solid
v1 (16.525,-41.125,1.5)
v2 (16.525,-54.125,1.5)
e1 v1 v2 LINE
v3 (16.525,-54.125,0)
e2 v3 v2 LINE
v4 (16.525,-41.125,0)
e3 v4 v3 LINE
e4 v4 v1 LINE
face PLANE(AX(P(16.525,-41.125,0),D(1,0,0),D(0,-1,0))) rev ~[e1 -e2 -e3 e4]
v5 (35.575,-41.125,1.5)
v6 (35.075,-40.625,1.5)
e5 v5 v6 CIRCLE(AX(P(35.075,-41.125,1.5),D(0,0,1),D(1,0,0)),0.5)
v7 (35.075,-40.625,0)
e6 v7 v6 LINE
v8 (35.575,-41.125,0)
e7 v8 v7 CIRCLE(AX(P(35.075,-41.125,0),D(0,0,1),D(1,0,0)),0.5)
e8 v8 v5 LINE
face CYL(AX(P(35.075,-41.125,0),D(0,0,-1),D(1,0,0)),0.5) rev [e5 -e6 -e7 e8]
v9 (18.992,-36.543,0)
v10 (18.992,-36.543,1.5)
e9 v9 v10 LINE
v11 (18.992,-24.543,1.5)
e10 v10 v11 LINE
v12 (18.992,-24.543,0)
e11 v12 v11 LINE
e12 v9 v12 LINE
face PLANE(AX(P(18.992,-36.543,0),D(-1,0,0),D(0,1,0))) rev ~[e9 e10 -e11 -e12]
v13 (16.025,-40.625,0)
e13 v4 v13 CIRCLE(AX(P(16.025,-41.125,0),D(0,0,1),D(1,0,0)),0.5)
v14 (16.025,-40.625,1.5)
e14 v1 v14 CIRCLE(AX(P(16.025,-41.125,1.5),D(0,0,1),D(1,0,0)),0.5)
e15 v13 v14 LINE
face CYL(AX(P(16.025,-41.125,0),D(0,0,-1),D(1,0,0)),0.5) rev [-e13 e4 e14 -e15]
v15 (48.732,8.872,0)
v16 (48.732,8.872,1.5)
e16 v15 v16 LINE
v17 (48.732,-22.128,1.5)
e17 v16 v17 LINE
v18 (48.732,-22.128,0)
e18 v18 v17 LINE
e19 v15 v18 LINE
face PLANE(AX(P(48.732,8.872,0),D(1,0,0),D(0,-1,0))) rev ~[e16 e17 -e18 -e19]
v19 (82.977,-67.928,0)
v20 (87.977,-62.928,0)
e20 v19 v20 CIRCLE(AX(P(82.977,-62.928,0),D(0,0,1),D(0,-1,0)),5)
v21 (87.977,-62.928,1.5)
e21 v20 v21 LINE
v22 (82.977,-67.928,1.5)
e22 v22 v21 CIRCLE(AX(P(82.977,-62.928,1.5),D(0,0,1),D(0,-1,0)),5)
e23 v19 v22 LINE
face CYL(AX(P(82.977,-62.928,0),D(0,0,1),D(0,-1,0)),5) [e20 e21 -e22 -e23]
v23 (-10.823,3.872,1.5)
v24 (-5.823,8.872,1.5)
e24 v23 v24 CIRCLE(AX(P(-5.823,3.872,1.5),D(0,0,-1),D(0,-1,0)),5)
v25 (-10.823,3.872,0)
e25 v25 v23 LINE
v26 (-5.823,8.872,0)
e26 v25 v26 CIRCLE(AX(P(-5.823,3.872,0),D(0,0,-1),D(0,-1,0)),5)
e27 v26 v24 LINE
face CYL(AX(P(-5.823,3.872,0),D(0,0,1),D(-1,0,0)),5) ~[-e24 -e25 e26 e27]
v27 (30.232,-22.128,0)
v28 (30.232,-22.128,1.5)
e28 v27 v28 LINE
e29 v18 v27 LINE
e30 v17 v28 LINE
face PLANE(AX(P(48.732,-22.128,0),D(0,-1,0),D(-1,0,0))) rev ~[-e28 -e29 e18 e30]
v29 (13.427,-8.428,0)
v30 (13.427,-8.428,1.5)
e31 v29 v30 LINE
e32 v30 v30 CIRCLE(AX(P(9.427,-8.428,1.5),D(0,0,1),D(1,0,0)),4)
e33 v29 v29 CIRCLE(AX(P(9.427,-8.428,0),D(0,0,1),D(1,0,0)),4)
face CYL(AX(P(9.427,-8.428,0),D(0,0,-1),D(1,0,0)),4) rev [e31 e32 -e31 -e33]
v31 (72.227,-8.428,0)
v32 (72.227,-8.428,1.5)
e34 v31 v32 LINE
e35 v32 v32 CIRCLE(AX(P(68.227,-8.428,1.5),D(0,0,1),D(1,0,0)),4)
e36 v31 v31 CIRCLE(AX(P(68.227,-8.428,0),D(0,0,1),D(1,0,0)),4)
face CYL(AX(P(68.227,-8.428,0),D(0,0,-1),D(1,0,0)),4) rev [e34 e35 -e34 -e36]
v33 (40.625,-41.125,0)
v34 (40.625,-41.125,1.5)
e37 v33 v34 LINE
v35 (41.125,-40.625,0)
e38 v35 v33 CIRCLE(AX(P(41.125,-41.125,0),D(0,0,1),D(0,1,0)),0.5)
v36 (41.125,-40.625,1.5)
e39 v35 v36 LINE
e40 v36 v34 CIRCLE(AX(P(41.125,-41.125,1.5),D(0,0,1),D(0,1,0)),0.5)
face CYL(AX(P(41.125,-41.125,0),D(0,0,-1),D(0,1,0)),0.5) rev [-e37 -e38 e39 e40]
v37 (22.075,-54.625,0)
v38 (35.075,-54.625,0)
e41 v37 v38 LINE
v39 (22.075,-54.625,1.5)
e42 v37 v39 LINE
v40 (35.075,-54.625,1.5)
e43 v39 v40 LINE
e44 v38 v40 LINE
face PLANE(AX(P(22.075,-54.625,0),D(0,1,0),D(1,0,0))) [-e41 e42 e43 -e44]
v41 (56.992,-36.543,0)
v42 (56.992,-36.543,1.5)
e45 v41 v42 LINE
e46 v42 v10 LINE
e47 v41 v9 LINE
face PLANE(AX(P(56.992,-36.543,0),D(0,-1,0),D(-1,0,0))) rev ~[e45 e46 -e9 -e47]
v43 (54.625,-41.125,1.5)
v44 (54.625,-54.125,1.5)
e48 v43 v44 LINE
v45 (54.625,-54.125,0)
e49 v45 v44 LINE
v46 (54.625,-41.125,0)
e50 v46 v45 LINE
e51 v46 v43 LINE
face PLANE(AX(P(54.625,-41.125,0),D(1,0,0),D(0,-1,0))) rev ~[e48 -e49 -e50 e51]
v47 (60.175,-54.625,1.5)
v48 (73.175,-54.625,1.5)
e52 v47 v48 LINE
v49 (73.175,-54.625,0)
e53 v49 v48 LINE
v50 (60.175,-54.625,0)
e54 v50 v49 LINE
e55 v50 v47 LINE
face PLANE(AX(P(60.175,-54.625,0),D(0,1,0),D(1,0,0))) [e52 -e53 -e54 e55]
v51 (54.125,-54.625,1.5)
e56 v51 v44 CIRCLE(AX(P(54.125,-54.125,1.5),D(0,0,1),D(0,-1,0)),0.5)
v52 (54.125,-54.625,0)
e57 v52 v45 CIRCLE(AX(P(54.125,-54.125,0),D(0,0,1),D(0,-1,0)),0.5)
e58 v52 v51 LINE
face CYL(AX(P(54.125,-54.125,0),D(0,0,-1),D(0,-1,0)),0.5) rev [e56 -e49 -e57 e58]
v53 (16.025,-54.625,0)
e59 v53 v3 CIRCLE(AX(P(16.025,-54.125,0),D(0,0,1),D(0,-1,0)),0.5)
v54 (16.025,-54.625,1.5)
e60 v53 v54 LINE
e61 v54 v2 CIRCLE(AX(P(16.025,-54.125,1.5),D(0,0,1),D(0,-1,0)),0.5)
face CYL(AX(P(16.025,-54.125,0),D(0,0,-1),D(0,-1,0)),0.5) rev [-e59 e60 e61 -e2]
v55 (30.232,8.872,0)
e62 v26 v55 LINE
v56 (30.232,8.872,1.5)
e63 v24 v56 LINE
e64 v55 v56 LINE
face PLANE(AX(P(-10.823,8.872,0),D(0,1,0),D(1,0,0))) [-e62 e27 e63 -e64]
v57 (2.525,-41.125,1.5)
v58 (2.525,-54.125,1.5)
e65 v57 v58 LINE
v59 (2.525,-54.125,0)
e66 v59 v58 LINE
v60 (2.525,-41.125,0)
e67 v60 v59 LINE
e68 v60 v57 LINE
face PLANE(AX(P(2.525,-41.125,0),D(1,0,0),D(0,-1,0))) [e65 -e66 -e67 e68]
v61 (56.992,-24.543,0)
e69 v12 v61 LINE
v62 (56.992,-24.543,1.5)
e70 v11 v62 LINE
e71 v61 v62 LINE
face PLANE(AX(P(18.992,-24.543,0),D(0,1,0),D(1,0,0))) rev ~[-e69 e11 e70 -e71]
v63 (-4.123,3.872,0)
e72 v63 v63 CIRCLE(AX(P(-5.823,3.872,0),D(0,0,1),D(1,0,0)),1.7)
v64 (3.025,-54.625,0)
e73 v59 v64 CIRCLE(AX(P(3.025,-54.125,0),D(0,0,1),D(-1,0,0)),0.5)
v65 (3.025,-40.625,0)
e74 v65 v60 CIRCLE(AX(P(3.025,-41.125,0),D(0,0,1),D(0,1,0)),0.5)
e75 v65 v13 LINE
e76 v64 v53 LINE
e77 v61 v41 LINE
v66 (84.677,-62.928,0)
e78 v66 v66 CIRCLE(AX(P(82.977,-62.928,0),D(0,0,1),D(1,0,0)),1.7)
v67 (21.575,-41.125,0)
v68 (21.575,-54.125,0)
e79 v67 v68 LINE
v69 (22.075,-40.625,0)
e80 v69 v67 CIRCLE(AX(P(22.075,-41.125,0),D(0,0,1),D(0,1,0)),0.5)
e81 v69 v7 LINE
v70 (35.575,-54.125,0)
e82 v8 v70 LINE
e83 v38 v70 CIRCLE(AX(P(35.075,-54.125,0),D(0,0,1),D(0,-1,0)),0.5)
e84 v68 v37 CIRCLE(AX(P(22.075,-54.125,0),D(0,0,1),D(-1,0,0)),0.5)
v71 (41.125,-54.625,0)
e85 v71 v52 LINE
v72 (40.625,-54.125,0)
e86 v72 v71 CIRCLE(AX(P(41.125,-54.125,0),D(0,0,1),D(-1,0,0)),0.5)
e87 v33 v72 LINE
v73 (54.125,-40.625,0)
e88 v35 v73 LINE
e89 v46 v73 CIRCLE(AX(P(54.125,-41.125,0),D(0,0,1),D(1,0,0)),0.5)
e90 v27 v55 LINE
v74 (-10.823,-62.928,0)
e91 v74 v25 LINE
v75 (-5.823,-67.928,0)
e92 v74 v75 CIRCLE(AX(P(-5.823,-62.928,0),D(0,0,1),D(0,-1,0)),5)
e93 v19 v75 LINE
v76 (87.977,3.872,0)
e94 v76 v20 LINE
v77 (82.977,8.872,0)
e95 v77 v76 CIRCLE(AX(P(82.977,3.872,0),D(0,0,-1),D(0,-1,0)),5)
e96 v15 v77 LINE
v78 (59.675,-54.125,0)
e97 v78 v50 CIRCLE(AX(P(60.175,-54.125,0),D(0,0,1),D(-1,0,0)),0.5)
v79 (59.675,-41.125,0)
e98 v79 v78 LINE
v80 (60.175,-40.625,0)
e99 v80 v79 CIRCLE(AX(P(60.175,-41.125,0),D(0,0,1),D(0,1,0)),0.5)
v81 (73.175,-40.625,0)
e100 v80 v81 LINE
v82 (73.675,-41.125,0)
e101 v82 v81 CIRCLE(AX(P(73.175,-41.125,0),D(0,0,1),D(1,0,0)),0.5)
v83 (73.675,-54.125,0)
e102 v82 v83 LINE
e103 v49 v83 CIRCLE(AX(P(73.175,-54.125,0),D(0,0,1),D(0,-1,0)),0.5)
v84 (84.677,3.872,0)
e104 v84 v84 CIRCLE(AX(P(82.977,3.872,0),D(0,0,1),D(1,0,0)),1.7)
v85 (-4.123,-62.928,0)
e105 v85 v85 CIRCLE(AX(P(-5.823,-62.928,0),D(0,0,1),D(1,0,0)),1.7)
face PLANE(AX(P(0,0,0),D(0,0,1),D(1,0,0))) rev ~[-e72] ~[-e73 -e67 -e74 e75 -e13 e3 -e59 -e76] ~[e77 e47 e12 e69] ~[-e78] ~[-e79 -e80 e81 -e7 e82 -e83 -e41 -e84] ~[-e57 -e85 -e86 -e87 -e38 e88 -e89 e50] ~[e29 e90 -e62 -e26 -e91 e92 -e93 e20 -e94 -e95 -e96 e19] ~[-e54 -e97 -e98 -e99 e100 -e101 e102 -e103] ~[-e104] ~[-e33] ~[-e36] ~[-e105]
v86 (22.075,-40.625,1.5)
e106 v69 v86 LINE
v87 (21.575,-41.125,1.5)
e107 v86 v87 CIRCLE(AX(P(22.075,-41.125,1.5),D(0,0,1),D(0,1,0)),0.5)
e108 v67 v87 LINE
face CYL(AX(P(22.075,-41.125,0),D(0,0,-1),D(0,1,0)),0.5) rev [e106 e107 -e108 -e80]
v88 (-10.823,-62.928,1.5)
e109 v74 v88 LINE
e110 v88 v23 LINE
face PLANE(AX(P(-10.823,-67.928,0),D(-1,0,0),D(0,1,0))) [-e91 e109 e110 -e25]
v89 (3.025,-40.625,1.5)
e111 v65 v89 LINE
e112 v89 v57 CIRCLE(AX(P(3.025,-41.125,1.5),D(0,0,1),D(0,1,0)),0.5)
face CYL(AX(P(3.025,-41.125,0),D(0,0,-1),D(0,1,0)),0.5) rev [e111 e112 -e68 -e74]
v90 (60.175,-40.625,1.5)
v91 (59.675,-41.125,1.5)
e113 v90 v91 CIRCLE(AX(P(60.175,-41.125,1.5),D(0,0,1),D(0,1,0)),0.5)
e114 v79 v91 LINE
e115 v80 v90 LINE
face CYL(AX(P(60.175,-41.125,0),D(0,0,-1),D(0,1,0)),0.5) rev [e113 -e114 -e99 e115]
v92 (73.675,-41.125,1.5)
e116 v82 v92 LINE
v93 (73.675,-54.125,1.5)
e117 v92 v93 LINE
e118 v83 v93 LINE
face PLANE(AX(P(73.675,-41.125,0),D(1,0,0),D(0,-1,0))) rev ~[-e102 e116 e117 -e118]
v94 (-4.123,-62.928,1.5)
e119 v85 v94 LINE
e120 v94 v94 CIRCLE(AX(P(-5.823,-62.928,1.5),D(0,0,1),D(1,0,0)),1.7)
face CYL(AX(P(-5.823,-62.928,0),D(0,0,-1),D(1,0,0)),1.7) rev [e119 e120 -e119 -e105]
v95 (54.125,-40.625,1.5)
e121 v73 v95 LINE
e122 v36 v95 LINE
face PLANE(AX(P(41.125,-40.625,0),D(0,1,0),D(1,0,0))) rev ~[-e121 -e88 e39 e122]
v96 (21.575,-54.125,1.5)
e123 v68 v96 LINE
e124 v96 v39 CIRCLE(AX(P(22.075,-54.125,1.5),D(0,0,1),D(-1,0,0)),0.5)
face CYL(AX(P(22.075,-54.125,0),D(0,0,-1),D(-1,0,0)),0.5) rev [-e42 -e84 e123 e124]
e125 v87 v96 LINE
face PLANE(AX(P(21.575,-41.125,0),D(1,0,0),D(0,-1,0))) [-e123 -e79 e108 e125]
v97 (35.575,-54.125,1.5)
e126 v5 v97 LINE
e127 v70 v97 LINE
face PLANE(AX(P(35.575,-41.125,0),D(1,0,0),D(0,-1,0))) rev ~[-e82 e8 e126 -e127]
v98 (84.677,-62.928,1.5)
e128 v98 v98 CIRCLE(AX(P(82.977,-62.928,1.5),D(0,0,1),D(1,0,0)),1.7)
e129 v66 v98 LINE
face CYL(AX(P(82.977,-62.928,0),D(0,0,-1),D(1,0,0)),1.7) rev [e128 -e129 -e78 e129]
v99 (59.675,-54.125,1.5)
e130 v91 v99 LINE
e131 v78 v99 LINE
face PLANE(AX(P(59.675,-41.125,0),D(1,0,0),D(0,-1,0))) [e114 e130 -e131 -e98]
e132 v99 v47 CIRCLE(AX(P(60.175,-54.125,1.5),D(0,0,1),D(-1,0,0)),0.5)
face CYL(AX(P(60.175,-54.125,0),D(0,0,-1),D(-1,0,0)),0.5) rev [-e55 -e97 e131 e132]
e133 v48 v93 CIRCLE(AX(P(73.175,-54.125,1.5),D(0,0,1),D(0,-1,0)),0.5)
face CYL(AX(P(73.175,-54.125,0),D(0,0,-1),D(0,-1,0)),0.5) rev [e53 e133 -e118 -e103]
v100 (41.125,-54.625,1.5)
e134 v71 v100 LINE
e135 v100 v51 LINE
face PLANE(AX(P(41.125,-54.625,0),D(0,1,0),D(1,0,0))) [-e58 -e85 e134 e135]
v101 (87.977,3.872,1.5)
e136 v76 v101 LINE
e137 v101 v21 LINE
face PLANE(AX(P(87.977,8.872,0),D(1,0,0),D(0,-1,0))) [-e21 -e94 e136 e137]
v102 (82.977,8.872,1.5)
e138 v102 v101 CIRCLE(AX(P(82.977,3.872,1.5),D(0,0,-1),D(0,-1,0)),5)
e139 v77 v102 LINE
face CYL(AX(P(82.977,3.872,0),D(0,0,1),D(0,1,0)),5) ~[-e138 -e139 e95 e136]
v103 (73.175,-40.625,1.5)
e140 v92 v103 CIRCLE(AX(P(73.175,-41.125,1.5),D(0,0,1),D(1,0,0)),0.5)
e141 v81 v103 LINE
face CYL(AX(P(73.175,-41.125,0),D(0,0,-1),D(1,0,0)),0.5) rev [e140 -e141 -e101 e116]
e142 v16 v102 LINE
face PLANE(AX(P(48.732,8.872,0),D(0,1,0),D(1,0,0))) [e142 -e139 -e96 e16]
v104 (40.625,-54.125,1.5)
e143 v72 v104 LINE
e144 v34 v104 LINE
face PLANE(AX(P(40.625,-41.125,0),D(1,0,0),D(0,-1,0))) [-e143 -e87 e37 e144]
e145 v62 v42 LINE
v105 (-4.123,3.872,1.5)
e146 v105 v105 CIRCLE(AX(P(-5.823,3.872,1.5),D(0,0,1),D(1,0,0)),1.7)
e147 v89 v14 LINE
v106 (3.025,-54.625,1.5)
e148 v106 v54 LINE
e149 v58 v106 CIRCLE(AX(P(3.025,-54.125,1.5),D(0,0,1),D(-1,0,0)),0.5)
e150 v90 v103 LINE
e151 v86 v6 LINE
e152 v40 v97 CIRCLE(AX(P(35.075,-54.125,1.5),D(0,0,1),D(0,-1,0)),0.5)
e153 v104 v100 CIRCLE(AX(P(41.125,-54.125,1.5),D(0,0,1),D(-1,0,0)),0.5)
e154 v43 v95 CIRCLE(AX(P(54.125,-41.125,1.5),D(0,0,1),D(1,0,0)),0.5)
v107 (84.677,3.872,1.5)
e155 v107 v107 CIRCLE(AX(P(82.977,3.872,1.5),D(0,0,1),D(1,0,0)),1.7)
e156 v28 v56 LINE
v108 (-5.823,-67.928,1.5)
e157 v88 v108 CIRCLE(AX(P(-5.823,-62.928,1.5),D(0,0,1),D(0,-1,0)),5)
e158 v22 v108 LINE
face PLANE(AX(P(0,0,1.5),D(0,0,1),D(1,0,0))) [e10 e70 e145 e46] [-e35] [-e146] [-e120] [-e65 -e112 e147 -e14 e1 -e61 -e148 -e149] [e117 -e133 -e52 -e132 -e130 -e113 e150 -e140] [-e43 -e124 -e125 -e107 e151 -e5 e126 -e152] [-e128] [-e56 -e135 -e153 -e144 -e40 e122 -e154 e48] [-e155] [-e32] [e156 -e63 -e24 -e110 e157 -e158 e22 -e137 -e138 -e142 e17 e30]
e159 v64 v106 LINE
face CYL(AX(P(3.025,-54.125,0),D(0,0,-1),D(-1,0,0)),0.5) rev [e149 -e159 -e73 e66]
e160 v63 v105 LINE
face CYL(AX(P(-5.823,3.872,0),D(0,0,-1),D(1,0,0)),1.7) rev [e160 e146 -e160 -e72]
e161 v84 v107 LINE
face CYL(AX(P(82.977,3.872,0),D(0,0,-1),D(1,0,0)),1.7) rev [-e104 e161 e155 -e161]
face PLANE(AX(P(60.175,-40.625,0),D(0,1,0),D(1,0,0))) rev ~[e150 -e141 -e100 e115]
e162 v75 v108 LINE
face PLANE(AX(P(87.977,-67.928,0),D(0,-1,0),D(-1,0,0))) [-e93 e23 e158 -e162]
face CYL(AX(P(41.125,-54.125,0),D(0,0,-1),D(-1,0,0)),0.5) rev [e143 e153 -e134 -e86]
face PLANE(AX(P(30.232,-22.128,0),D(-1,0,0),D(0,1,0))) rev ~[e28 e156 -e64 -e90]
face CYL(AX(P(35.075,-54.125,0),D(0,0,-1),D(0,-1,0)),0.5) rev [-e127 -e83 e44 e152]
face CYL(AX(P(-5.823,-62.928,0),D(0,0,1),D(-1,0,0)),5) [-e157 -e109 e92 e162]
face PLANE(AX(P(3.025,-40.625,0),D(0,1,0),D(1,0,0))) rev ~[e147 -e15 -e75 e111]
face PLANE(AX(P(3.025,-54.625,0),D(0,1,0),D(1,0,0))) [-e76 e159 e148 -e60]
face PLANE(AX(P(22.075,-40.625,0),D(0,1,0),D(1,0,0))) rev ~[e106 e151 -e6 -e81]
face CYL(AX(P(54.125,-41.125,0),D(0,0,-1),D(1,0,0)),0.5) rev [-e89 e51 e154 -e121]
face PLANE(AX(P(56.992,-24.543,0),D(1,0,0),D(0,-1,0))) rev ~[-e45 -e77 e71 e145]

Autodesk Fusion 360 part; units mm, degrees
sketch "plate-2026-01-04T06_23_53.757Z" plane through (0, 0, 0) normal (0, 0, 1) x (1, 0, 0)
  line L0 (3.025, -40.625) -> (16.025, -40.625)
  line L1 (3.025, -54.625) -> (16.025, -54.625)
  line L2 (2.525, -41.125) -> (2.525, -54.125)
  line L3 (16.525, -41.125) -> (16.525, -54.125)
  arc A0 (3.025, -40.625) -> (2.525, -41.125) centre (3.025, -41.125) ccw
  arc A1 (16.525, -41.125) -> (16.025, -40.625) centre (16.025, -41.125) ccw
  arc A2 (2.525, -54.125) -> (3.025, -54.625) centre (3.025, -54.125) ccw
  arc A3 (16.025, -54.625) -> (16.525, -54.125) centre (16.025, -54.125) ccw
  line L4 (22.075, -40.625) -> (35.075, -40.625)
  line L5 (22.075, -54.625) -> (35.075, -54.625)
  line L6 (21.575, -41.125) -> (21.575, -54.125)
  line L7 (35.575, -41.125) -> (35.575, -54.125)
  arc A4 (22.075, -40.625) -> (21.575, -41.125) centre (22.075, -41.125) ccw
  arc A5 (35.575, -41.125) -> (35.075, -40.625) centre (35.075, -41.125) ccw
  arc A6 (21.575, -54.125) -> (22.075, -54.625) centre (22.075, -54.125) ccw
  arc A7 (35.075, -54.625) -> (35.575, -54.125) centre (35.075, -54.125) ccw
  line L8 (41.125, -40.625) -> (54.125, -40.625)
  line L9 (41.125, -54.625) -> (54.125, -54.625)
  line L10 (40.625, -41.125) -> (40.625, -54.125)
  line L11 (54.625, -41.125) -> (54.625, -54.125)
  arc A8 (41.125, -40.625) -> (40.625, -41.125) centre (41.125, -41.125) ccw
  arc A9 (54.625, -41.125) -> (54.125, -40.625) centre (54.125, -41.125) ccw
  arc A10 (40.625, -54.125) -> (41.125, -54.625) centre (41.125, -54.125) ccw
  arc A11 (54.125, -54.625) -> (54.625, -54.125) centre (54.125, -54.125) ccw
  line L12 (60.175, -40.625) -> (73.175, -40.625)
  line L13 (60.175, -54.625) -> (73.175, -54.625)
  line L14 (59.675, -41.125) -> (59.675, -54.125)
  line L15 (73.675, -41.125) -> (73.675, -54.125)
  arc A12 (60.175, -40.625) -> (59.675, -41.125) centre (60.175, -41.125) ccw
  arc A13 (73.675, -41.125) -> (73.175, -40.625) centre (73.175, -41.125) ccw
  arc A14 (59.675, -54.125) -> (60.175, -54.625) centre (60.175, -54.125) ccw
  arc A15 (73.175, -54.625) -> (73.675, -54.125) centre (73.175, -54.125) ccw
  line L16 (-10.823, 8.872) -> (87.977, 8.872)
  line L17 (87.977, 8.872) -> (87.977, -67.928)
  line L18 (87.977, -67.928) -> (-10.823, -67.928)
  line L19 (-10.823, -67.928) -> (-10.823, 8.872)
  circle A16 centre (-5.823, 3.872) radius 1.7
  circle A17 centre (82.977, 3.872) radius 1.7
  circle A18 centre (82.977, -62.928) radius 1.7
  circle A19 centre (-5.823, -62.928) radius 1.7
  line L20 (30.232, 8.872) -> (48.732, 8.872)
  line L21 (48.732, 8.872) -> (48.732, -22.128)
  line L22 (48.732, -22.128) -> (30.232, -22.128)
  line L23 (30.232, -22.128) -> (30.232, 8.872)
  circle A20 centre (9.427, -8.428) radius 4
  circle A21 centre (68.227, -8.428) radius 4
  line L24 (18.992, -24.543) -> (56.992, -24.543)
  line L25 (56.992, -24.543) -> (56.992, -36.543)
  line L26 (56.992, -36.543) -> (18.992, -36.543)
  line L27 (18.992, -36.543) -> (18.992, -24.543)
  dimension "d1" = 76.8
  dimension "d2" = 98.8
  dimension "d3" = 13.348
  dimension "d4" = 13.303
  dimension "d5" = 3.4
  dimension "d6" = 5
  dimension "d7" = 5
  dimension "d8" = 3.4
  dimension "d9" = 5
  dimension "d10" = 5
  dimension "d11" = 3.4
  dimension "d12" = 5
  dimension "d13" = 5
  dimension "d14" = 3.4
  dimension "d15" = 5
  dimension "d16" = 5
  dimension "d17" = 31
  dimension "d18" = 18.5
  dimension "d19" = 41.055
  dimension "d20" = 8
  dimension "d21" = 17.3
  dimension "d22" = 20.25
  dimension "d23" = 8
  dimension "d24" = 17.3
  dimension "d25" = 19.75
  dimension "d26" = 12
  dimension "d27" = 38
  dimension "d28" = 29.815
  dimension "d29" = 31.385
extrude "Extrude1" add sketch "plate-2026-01-04T06_23_53.757Z" along normal blind 1.5 contours L16 L17 L18 L19 L21 L22 L23
fillet "Fillet1" radius 5 1 edges at (87.977, 8.872, 0.75)
fillet "Fillet2" radius 5 1 edges at (-10.823, 8.872, 0.75)
fillet "Fillet3" radius 5 1 edges at (-10.823, -67.928, 0.75)
fillet "Fillet4" radius 5 1 edges at (87.977, -67.928, 0.75)
equation "d3 = 9.5 mm + 3.848 mm"
equation "d4 = 3.803 mm + 9.5 mm"
equation "d19 = 35.305 mm + 5.75 mm"
equation "d21 = 7.8 mm + 9.5 mm"
equation "d22 = 9.5 mm + 10.75 mm"
equation "d24 = 9.5 mm + 7.8 mm"
equation "d25 = 9.5 mm + 10.250 mm"
equation "d28 = 9.5 mm + 20.315 mm"
equation "d29 = 21.885 mm + 9.5 mm"
